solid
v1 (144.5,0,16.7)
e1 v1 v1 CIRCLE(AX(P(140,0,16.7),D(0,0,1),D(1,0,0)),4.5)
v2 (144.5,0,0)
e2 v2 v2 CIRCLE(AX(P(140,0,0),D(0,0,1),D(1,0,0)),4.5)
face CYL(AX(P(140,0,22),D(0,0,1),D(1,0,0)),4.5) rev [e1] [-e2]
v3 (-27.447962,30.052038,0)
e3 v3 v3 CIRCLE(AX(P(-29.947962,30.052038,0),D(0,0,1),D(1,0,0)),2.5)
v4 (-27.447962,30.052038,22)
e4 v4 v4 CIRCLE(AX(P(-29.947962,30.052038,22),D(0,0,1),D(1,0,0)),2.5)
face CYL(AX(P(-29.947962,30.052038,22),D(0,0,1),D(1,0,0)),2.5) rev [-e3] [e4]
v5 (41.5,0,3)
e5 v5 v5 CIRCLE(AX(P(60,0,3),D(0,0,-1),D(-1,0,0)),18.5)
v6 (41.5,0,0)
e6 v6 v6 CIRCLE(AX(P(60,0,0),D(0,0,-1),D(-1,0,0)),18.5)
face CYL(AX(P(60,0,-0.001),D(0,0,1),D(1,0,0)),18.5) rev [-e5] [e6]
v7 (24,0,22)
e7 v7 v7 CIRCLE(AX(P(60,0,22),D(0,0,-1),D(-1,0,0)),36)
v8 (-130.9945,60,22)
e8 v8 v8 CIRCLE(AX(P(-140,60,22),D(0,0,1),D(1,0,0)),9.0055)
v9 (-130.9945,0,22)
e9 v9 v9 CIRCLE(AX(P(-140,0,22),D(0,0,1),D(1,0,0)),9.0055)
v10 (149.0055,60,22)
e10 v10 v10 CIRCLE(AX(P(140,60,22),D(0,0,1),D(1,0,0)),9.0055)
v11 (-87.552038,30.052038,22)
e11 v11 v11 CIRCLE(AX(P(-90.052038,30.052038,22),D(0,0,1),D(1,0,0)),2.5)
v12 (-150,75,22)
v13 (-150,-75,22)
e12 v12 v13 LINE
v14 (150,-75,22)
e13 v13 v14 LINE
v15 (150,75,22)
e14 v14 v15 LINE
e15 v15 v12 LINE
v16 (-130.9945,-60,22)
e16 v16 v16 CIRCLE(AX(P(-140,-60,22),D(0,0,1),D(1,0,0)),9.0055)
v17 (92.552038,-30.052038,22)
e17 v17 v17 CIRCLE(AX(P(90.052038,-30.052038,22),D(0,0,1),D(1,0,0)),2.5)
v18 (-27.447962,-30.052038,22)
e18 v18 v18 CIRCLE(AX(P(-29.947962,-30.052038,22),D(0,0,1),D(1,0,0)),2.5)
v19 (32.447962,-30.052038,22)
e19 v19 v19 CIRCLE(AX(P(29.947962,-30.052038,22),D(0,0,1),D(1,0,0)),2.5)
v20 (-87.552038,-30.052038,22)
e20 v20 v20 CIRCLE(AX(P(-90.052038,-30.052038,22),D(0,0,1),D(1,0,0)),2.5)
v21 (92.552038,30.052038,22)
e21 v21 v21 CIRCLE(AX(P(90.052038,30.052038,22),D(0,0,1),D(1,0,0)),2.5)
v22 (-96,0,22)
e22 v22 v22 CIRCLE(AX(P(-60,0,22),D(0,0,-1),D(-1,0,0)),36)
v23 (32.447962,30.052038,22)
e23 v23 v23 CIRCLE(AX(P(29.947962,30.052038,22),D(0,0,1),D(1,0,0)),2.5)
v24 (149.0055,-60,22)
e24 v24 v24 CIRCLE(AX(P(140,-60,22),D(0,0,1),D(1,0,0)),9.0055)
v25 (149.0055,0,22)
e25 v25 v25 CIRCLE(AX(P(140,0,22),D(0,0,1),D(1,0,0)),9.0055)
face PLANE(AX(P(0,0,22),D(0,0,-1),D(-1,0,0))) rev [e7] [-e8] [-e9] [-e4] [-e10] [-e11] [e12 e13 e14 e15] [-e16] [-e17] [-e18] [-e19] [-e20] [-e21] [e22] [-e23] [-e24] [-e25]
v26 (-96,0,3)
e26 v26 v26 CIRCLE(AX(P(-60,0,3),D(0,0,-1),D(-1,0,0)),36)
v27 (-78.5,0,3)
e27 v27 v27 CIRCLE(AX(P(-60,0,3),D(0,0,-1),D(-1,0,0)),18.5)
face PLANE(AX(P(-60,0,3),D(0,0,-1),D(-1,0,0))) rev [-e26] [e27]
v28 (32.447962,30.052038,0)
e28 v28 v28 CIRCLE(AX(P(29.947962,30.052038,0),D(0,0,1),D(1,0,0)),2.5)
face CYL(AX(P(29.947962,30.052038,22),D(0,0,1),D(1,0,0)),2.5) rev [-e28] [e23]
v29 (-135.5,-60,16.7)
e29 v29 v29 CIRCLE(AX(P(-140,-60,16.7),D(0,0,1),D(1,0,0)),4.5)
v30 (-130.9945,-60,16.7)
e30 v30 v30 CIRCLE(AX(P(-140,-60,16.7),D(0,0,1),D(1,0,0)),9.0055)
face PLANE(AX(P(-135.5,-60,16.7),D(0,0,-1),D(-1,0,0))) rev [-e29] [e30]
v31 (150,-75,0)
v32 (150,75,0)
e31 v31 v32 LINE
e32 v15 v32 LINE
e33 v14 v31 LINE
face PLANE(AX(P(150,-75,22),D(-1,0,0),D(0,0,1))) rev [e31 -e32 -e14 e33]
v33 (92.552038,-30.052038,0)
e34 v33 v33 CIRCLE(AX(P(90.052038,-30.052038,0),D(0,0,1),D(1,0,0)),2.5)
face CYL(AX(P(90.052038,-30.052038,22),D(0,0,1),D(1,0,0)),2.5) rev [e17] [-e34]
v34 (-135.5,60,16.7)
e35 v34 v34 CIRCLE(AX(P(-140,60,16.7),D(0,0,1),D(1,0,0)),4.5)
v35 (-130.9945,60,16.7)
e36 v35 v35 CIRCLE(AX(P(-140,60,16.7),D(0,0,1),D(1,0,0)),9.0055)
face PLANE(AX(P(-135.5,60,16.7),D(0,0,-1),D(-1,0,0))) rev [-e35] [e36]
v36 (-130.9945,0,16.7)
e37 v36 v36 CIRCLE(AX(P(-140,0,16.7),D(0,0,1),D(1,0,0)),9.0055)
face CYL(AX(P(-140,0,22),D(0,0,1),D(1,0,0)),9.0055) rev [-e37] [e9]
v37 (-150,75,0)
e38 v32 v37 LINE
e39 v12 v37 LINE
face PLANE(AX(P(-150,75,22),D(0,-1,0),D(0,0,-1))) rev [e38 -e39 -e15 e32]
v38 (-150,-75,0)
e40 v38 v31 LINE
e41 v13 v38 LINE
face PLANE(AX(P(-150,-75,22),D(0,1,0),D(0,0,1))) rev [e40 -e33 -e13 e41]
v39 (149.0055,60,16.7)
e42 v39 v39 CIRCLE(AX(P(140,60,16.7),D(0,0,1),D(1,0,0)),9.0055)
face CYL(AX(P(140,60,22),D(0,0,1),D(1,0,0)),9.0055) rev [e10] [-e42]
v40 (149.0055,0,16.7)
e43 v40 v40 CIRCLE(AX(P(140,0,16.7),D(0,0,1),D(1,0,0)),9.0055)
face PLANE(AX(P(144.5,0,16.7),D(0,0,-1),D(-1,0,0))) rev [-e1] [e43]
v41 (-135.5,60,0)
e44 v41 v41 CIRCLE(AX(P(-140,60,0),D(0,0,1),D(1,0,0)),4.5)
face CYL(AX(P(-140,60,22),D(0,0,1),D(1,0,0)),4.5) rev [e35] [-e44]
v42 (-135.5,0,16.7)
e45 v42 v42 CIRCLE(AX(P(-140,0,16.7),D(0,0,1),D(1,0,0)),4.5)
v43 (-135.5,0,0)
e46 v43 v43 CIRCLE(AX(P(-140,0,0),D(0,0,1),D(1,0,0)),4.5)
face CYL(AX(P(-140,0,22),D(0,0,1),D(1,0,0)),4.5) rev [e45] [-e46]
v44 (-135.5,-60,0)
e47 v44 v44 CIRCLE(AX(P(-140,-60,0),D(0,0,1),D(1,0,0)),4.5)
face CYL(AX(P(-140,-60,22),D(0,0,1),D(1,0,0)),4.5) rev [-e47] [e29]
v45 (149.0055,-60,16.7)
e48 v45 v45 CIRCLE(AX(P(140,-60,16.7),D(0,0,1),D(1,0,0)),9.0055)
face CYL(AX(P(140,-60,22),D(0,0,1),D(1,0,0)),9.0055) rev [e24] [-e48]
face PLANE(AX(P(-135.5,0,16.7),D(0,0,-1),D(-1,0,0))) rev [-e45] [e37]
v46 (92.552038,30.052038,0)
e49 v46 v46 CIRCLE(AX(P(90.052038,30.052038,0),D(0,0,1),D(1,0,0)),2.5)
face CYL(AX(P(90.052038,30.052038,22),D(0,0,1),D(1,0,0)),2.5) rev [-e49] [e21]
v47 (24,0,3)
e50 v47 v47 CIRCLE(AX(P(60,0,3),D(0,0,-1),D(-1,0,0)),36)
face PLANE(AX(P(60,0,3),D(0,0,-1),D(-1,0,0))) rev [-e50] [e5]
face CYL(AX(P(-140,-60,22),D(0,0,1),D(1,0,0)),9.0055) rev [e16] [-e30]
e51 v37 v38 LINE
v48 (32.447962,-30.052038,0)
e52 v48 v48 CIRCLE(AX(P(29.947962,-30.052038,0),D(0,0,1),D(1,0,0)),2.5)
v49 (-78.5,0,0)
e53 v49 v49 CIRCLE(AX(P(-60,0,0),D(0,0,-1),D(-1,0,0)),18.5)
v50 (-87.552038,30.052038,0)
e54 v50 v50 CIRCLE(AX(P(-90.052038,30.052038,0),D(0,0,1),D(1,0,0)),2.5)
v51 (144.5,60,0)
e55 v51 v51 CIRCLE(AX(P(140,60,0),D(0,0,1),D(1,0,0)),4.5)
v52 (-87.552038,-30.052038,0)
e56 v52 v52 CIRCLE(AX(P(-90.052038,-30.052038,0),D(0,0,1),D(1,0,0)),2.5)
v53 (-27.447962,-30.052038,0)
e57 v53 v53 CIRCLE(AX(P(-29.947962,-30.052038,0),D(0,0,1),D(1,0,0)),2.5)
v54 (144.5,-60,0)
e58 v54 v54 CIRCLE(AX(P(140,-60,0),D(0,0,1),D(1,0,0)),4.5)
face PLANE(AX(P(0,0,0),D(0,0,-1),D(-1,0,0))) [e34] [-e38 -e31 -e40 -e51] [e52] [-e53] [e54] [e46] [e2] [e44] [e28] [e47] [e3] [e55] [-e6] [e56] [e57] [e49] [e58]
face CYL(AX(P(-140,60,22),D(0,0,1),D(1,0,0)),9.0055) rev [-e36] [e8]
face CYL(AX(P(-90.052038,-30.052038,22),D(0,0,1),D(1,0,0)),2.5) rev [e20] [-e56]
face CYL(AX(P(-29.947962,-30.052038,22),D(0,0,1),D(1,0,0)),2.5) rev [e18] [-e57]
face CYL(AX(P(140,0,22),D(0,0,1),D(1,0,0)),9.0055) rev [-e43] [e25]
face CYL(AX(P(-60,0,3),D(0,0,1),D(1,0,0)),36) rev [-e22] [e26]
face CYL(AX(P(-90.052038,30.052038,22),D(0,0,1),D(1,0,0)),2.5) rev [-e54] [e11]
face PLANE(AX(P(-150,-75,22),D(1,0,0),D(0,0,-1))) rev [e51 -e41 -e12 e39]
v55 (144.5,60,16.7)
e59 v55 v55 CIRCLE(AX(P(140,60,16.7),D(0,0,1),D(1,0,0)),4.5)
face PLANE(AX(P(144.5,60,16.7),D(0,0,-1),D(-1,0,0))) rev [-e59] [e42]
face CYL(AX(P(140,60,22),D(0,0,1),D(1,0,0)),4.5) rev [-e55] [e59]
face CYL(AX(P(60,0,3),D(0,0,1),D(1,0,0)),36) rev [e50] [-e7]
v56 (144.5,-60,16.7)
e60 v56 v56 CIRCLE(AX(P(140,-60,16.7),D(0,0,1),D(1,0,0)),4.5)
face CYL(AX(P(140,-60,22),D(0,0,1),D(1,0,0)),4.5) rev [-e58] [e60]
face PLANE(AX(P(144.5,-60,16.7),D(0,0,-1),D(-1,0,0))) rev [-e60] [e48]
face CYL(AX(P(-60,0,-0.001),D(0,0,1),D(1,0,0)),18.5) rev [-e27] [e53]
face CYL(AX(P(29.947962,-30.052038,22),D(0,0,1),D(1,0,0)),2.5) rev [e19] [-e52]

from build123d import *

# Parameters (mm, degrees)
SKETCH1_W                               = 300
SKETCH1_H                               = 150
BOSS_EXTRUDE1_DEPTH                     = 22
CUT_EXTRUDE2_START                      = 22
SKETCH2_R                               = 36
CUT_EXTRUDE2_DEPTH                      = 19
SKETCH4_R                               = 18.5
CUT_EXTRUDE4_DEPTH                      = 3
CBORE_FOR_M8_HEX_HEAD_BOLT1_D           = 9
CBORE_FOR_M8_HEX_HEAD_BOLT1_CBORE_D     = 18.011
CBORE_FOR_M8_HEX_HEAD_BOLT1_CBORE_DEPTH = 5.3
TAP_DRILL_FOR_M6_TAP1_D                 = 5
CIRPATTERN1_COUNT                       = 4
MIRROR2_COPY_1_D                        = 5
MIRROR2_COPY_2_D                        = 5
MIRROR2_COPY_3_D                        = 5


with BuildPart() as part:
    # Sketch1 → Boss-Extrude1 (new body)
    with BuildSketch(Plane.XY):
        Rectangle(SKETCH1_W, SKETCH1_H)
    extrude(amount=BOSS_EXTRUDE1_DEPTH)

    # Sketch2 → Cut-Extrude2 (cut)
    with BuildSketch(Plane.XY.offset(CUT_EXTRUDE2_START)):
        with Locations((-60, 0)):
            Circle(SKETCH2_R)
    cut_extrude2 = extrude(amount=-CUT_EXTRUDE2_DEPTH, mode=Mode.SUBTRACT)

    # Sketch4 → Cut-Extrude4 (cut)
    with BuildSketch(Plane.XY):
        with Locations((-60, 0)):
            Circle(SKETCH4_R)
    cut_extrude4 = extrude(amount=CUT_EXTRUDE4_DEPTH, mode=Mode.SUBTRACT)

    # CBORE for M8 Hex Head Bolt1 (through all)
    with Locations(Plane(origin=(-140, 60, 22), x_dir=(1, 0, 0), z_dir=(0, 0, 1))):
        with Locations((0, 0), (0, -60), (0, -120)):
            cbore_for_m8_hex_head_bolt1 = CounterBoreHole(CBORE_FOR_M8_HEX_HEAD_BOLT1_D / 2, CBORE_FOR_M8_HEX_HEAD_BOLT1_CBORE_D / 2, CBORE_FOR_M8_HEX_HEAD_BOLT1_CBORE_DEPTH)

    # Mirror1: Cut-Extrude2, Cut-Extrude4, CBORE for M8 Hex Head Bolt1 across plane
    add(cut_extrude2.mirror(Plane(origin=(0, 0, 0), x_dir=(0, 0, 1), z_dir=(1, 0, 0))), mode=Mode.SUBTRACT)
    add(cut_extrude4.mirror(Plane(origin=(0, 0, 0), x_dir=(0, 0, 1), z_dir=(1, 0, 0))), mode=Mode.SUBTRACT)
    add(cbore_for_m8_hex_head_bolt1.mirror(Plane(origin=(0, 0, 0), x_dir=(0, 0, 1), z_dir=(1, 0, 0))), mode=Mode.SUBTRACT)

    # Tap Drill for M6 Tap1 (through all)
    with Locations(Plane(origin=(-29.9479618, 30.0520382, 22), x_dir=(1, 0, 0), z_dir=(0, 0, 1))):
        with Locations((0, 0)):
            tap_drill_for_m6_tap1 = Hole(TAP_DRILL_FOR_M6_TAP1_D / 2)

    # CirPattern1: Tap Drill for M6 Tap1 ×4 about axis
    cirpattern1_axis = Axis((-60, 0, 0), (0, 0, 1))
    for i in range(1, CIRPATTERN1_COUNT):
        add(tap_drill_for_m6_tap1.rotate(cirpattern1_axis, i * 360 / CIRPATTERN1_COUNT), mode=Mode.SUBTRACT)

    # Mirror2: Tap Drill for M6 Tap1 across plane
    add(tap_drill_for_m6_tap1.mirror(Plane(origin=(0, 0, 0), x_dir=(0, 0, 1), z_dir=(1, 0, 0))), mode=Mode.SUBTRACT)

    # Mirror2 copy 1 (through all)
    with Locations(Plane(origin=(90.0520382, 30.0520382, 22), x_dir=(0, 1, 0), z_dir=(0, 0, 1))):
        with Locations((0, 0)):
            Hole(MIRROR2_COPY_1_D / 2)

    # Mirror2 copy 2 (through all)
    with Locations(Plane(origin=(90.0520382, -30.0520382, 22), x_dir=(1, 0, 0), z_dir=(0, 0, 1))):
        with Locations((0, 0)):
            Hole(MIRROR2_COPY_2_D / 2)

    # Mirror2 copy 3 (through all)
    with Locations(Plane(origin=(29.9479618, -30.0520382, 22), x_dir=(0, -1, 0), z_dir=(0, 0, 1))):
        with Locations((0, 0)):
            Hole(MIRROR2_COPY_3_D / 2)


solid = part.part
